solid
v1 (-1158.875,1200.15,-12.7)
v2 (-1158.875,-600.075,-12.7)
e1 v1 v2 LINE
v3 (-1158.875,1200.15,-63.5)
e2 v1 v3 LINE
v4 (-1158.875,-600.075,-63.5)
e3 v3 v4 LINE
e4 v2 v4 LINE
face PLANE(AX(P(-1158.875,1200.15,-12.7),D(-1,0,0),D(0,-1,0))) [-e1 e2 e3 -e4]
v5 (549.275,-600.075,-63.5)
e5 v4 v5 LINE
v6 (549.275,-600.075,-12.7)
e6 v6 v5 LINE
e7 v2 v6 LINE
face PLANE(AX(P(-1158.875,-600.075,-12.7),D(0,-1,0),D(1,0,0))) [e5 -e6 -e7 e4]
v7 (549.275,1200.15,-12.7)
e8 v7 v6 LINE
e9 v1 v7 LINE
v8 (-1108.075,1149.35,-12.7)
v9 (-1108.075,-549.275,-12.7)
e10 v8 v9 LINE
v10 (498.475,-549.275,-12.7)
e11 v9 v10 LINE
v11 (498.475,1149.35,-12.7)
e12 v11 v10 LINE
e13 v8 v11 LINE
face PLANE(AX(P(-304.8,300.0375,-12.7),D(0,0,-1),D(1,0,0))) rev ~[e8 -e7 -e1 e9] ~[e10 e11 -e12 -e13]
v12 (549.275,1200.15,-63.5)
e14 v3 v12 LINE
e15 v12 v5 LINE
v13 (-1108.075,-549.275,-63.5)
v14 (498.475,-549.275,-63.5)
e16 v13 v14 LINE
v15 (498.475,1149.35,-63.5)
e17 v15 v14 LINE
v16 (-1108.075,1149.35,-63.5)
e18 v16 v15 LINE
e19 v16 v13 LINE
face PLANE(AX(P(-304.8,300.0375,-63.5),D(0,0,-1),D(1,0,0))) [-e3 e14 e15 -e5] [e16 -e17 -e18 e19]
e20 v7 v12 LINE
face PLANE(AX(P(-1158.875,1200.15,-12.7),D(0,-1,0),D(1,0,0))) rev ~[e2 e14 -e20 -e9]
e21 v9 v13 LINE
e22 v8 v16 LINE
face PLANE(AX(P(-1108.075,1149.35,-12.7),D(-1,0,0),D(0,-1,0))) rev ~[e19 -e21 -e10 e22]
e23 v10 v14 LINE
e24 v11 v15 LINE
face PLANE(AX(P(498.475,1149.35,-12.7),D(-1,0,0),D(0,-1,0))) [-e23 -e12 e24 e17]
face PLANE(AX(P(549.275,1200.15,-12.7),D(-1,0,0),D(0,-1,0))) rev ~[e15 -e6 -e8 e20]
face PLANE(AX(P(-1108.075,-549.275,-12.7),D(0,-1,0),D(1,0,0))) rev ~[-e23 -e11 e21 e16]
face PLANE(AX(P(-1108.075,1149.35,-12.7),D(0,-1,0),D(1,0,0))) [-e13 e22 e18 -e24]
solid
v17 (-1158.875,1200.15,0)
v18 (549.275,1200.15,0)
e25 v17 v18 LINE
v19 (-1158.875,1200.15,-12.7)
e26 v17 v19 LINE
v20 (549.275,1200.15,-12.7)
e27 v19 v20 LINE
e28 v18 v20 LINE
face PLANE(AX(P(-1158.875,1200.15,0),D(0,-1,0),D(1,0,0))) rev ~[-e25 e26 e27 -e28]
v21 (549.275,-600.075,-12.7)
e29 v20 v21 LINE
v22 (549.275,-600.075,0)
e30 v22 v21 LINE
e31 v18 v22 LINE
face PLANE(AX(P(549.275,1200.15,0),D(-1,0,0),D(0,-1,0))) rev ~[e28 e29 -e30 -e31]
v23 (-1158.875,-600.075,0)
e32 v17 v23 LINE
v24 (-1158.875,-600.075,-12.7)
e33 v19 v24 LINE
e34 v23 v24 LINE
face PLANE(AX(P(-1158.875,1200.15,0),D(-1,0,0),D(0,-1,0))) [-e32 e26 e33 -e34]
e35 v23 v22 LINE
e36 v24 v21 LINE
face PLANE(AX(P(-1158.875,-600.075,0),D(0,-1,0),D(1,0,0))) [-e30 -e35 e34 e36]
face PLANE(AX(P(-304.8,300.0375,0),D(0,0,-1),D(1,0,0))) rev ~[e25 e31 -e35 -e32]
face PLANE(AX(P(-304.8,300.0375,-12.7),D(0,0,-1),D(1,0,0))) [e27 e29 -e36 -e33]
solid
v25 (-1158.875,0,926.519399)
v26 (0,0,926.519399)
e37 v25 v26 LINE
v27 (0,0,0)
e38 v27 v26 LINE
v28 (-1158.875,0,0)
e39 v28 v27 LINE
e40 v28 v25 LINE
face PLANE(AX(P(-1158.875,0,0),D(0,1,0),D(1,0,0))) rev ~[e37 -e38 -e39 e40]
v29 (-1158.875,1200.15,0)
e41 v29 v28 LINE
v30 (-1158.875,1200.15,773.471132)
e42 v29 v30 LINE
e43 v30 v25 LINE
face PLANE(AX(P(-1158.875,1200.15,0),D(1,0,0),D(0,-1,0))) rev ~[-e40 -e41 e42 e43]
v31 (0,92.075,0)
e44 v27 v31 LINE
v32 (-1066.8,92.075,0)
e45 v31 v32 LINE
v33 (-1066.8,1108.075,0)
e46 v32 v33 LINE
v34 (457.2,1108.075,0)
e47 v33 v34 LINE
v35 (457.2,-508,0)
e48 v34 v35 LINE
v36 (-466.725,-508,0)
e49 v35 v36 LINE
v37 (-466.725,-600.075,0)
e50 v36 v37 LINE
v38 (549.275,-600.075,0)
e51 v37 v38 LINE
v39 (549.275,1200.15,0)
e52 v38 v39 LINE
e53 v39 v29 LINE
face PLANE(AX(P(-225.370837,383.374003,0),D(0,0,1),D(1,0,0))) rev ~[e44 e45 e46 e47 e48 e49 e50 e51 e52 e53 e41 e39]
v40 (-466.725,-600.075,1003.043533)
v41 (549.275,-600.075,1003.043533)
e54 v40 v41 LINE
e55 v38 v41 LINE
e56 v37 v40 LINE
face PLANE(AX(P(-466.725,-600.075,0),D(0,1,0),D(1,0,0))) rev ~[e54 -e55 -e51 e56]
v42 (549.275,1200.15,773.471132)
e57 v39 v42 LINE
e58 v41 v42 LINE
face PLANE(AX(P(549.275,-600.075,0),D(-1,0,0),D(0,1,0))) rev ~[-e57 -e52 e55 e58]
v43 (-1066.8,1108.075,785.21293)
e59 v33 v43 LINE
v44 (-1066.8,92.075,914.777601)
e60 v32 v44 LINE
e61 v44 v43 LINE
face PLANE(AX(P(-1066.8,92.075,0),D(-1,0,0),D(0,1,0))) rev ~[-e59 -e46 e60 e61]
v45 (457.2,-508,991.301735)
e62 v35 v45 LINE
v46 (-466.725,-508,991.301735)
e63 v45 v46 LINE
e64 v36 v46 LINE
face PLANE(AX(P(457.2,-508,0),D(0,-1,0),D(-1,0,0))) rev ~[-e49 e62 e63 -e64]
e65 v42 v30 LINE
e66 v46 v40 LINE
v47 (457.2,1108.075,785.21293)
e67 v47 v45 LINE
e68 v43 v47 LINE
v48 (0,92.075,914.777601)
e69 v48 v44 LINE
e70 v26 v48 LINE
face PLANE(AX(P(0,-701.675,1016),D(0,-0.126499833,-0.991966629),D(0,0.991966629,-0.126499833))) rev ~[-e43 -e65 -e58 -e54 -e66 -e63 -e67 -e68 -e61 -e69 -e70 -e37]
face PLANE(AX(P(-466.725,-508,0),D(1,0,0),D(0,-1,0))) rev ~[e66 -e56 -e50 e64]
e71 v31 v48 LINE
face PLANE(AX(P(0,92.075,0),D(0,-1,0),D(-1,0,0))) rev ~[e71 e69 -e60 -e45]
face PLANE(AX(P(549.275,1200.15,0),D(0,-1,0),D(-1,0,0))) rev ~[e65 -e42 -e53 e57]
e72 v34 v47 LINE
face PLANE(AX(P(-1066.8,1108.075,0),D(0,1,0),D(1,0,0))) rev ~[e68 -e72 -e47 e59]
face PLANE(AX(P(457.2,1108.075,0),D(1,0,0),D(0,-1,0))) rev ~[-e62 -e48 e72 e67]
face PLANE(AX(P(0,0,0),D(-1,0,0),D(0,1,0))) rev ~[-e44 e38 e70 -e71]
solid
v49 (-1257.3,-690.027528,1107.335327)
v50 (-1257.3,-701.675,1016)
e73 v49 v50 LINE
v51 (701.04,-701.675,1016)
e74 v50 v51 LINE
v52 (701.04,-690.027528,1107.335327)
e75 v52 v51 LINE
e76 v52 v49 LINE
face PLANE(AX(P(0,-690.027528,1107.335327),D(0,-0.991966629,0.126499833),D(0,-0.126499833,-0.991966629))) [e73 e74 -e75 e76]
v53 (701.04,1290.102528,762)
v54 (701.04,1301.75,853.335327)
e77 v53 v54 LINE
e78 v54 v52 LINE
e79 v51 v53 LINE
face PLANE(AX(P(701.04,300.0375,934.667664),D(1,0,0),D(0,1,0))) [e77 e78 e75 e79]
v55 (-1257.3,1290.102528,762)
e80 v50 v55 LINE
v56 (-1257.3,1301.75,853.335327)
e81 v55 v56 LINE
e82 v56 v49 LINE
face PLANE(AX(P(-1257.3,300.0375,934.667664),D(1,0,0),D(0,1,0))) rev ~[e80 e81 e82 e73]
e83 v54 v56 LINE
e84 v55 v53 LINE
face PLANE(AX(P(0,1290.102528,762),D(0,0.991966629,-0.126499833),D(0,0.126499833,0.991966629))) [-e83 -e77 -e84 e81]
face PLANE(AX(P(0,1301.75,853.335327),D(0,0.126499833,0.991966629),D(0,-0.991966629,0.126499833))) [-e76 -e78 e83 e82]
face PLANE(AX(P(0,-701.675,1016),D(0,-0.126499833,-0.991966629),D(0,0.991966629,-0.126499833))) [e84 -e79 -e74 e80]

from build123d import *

# Parameters (mm, degrees)
F2_DEPTH      = 701.04
F2_DEPTH_BACK = 1257.3
F4_W          = 1708.15
F4_H          = 1800.225
F5_DEPTH      = 12.7
F6_W          = 1708.15
F6_H          = 1800.225
F6_W_2        = 1606.55
F6_H_2        = 1698.625
F7_DEPTH      = 50.8


with BuildPart() as f2:
    # F1 (on Right) → F2 (new body, two sides)
    with BuildSketch(Plane.YZ) as f2_sk:
        Polygon((-690.0275279216, 1107.3353273339), (-701.675, 1016), (1290.1025279216, 762), (1301.75, 853.3353273339), align=None)
    extrude(amount=F2_DEPTH)
    extrude(f2_sk.sketch, amount=-F2_DEPTH_BACK)


with BuildPart() as f3:
    # F0 (on Top) → F3 (new body, up to the next surface of F2)
    with BuildSketch(Plane.XY):
        Polygon((549.275, -600.075), (549.275, 1200.15), (-1158.875, 1200.15), (-1158.875, 0), (0, 0), (0, 92.075), (-1066.8, 92.075), (-1066.8, 1108.075), (457.2, 1108.075), (457.2, -508), (-466.725, -508), (-466.725, -600.075), align=None)
    extrude(until=Until.NEXT, target=f2.part)


with BuildPart() as f5:
    # F4 (on face) → F5 (new body)
    with BuildSketch(Plane(origin=(0, 0, 0), x_dir=(1, 0, 0), z_dir=(0, 0, -1))):
        with Locations((-304.8, -300.0375)):
            Rectangle(F4_W, F4_H)
    extrude(amount=F5_DEPTH)


with BuildPart() as f7:
    # F6 (on face) → F7 (new body)
    with BuildSketch(Plane(origin=(0, 0, -12.7), x_dir=(1, 0, 0), z_dir=(0, 0, -1))):
        with Locations((-304.8, -300.0375)):
            Rectangle(F6_W, F6_H)
        with Locations((-304.8, -300.0375)):
            Rectangle(F6_W_2, F6_H_2, mode=Mode.SUBTRACT)
    extrude(amount=F7_DEPTH)


solid = Compound([f2.part, f3.part, f5.part, f7.part])
